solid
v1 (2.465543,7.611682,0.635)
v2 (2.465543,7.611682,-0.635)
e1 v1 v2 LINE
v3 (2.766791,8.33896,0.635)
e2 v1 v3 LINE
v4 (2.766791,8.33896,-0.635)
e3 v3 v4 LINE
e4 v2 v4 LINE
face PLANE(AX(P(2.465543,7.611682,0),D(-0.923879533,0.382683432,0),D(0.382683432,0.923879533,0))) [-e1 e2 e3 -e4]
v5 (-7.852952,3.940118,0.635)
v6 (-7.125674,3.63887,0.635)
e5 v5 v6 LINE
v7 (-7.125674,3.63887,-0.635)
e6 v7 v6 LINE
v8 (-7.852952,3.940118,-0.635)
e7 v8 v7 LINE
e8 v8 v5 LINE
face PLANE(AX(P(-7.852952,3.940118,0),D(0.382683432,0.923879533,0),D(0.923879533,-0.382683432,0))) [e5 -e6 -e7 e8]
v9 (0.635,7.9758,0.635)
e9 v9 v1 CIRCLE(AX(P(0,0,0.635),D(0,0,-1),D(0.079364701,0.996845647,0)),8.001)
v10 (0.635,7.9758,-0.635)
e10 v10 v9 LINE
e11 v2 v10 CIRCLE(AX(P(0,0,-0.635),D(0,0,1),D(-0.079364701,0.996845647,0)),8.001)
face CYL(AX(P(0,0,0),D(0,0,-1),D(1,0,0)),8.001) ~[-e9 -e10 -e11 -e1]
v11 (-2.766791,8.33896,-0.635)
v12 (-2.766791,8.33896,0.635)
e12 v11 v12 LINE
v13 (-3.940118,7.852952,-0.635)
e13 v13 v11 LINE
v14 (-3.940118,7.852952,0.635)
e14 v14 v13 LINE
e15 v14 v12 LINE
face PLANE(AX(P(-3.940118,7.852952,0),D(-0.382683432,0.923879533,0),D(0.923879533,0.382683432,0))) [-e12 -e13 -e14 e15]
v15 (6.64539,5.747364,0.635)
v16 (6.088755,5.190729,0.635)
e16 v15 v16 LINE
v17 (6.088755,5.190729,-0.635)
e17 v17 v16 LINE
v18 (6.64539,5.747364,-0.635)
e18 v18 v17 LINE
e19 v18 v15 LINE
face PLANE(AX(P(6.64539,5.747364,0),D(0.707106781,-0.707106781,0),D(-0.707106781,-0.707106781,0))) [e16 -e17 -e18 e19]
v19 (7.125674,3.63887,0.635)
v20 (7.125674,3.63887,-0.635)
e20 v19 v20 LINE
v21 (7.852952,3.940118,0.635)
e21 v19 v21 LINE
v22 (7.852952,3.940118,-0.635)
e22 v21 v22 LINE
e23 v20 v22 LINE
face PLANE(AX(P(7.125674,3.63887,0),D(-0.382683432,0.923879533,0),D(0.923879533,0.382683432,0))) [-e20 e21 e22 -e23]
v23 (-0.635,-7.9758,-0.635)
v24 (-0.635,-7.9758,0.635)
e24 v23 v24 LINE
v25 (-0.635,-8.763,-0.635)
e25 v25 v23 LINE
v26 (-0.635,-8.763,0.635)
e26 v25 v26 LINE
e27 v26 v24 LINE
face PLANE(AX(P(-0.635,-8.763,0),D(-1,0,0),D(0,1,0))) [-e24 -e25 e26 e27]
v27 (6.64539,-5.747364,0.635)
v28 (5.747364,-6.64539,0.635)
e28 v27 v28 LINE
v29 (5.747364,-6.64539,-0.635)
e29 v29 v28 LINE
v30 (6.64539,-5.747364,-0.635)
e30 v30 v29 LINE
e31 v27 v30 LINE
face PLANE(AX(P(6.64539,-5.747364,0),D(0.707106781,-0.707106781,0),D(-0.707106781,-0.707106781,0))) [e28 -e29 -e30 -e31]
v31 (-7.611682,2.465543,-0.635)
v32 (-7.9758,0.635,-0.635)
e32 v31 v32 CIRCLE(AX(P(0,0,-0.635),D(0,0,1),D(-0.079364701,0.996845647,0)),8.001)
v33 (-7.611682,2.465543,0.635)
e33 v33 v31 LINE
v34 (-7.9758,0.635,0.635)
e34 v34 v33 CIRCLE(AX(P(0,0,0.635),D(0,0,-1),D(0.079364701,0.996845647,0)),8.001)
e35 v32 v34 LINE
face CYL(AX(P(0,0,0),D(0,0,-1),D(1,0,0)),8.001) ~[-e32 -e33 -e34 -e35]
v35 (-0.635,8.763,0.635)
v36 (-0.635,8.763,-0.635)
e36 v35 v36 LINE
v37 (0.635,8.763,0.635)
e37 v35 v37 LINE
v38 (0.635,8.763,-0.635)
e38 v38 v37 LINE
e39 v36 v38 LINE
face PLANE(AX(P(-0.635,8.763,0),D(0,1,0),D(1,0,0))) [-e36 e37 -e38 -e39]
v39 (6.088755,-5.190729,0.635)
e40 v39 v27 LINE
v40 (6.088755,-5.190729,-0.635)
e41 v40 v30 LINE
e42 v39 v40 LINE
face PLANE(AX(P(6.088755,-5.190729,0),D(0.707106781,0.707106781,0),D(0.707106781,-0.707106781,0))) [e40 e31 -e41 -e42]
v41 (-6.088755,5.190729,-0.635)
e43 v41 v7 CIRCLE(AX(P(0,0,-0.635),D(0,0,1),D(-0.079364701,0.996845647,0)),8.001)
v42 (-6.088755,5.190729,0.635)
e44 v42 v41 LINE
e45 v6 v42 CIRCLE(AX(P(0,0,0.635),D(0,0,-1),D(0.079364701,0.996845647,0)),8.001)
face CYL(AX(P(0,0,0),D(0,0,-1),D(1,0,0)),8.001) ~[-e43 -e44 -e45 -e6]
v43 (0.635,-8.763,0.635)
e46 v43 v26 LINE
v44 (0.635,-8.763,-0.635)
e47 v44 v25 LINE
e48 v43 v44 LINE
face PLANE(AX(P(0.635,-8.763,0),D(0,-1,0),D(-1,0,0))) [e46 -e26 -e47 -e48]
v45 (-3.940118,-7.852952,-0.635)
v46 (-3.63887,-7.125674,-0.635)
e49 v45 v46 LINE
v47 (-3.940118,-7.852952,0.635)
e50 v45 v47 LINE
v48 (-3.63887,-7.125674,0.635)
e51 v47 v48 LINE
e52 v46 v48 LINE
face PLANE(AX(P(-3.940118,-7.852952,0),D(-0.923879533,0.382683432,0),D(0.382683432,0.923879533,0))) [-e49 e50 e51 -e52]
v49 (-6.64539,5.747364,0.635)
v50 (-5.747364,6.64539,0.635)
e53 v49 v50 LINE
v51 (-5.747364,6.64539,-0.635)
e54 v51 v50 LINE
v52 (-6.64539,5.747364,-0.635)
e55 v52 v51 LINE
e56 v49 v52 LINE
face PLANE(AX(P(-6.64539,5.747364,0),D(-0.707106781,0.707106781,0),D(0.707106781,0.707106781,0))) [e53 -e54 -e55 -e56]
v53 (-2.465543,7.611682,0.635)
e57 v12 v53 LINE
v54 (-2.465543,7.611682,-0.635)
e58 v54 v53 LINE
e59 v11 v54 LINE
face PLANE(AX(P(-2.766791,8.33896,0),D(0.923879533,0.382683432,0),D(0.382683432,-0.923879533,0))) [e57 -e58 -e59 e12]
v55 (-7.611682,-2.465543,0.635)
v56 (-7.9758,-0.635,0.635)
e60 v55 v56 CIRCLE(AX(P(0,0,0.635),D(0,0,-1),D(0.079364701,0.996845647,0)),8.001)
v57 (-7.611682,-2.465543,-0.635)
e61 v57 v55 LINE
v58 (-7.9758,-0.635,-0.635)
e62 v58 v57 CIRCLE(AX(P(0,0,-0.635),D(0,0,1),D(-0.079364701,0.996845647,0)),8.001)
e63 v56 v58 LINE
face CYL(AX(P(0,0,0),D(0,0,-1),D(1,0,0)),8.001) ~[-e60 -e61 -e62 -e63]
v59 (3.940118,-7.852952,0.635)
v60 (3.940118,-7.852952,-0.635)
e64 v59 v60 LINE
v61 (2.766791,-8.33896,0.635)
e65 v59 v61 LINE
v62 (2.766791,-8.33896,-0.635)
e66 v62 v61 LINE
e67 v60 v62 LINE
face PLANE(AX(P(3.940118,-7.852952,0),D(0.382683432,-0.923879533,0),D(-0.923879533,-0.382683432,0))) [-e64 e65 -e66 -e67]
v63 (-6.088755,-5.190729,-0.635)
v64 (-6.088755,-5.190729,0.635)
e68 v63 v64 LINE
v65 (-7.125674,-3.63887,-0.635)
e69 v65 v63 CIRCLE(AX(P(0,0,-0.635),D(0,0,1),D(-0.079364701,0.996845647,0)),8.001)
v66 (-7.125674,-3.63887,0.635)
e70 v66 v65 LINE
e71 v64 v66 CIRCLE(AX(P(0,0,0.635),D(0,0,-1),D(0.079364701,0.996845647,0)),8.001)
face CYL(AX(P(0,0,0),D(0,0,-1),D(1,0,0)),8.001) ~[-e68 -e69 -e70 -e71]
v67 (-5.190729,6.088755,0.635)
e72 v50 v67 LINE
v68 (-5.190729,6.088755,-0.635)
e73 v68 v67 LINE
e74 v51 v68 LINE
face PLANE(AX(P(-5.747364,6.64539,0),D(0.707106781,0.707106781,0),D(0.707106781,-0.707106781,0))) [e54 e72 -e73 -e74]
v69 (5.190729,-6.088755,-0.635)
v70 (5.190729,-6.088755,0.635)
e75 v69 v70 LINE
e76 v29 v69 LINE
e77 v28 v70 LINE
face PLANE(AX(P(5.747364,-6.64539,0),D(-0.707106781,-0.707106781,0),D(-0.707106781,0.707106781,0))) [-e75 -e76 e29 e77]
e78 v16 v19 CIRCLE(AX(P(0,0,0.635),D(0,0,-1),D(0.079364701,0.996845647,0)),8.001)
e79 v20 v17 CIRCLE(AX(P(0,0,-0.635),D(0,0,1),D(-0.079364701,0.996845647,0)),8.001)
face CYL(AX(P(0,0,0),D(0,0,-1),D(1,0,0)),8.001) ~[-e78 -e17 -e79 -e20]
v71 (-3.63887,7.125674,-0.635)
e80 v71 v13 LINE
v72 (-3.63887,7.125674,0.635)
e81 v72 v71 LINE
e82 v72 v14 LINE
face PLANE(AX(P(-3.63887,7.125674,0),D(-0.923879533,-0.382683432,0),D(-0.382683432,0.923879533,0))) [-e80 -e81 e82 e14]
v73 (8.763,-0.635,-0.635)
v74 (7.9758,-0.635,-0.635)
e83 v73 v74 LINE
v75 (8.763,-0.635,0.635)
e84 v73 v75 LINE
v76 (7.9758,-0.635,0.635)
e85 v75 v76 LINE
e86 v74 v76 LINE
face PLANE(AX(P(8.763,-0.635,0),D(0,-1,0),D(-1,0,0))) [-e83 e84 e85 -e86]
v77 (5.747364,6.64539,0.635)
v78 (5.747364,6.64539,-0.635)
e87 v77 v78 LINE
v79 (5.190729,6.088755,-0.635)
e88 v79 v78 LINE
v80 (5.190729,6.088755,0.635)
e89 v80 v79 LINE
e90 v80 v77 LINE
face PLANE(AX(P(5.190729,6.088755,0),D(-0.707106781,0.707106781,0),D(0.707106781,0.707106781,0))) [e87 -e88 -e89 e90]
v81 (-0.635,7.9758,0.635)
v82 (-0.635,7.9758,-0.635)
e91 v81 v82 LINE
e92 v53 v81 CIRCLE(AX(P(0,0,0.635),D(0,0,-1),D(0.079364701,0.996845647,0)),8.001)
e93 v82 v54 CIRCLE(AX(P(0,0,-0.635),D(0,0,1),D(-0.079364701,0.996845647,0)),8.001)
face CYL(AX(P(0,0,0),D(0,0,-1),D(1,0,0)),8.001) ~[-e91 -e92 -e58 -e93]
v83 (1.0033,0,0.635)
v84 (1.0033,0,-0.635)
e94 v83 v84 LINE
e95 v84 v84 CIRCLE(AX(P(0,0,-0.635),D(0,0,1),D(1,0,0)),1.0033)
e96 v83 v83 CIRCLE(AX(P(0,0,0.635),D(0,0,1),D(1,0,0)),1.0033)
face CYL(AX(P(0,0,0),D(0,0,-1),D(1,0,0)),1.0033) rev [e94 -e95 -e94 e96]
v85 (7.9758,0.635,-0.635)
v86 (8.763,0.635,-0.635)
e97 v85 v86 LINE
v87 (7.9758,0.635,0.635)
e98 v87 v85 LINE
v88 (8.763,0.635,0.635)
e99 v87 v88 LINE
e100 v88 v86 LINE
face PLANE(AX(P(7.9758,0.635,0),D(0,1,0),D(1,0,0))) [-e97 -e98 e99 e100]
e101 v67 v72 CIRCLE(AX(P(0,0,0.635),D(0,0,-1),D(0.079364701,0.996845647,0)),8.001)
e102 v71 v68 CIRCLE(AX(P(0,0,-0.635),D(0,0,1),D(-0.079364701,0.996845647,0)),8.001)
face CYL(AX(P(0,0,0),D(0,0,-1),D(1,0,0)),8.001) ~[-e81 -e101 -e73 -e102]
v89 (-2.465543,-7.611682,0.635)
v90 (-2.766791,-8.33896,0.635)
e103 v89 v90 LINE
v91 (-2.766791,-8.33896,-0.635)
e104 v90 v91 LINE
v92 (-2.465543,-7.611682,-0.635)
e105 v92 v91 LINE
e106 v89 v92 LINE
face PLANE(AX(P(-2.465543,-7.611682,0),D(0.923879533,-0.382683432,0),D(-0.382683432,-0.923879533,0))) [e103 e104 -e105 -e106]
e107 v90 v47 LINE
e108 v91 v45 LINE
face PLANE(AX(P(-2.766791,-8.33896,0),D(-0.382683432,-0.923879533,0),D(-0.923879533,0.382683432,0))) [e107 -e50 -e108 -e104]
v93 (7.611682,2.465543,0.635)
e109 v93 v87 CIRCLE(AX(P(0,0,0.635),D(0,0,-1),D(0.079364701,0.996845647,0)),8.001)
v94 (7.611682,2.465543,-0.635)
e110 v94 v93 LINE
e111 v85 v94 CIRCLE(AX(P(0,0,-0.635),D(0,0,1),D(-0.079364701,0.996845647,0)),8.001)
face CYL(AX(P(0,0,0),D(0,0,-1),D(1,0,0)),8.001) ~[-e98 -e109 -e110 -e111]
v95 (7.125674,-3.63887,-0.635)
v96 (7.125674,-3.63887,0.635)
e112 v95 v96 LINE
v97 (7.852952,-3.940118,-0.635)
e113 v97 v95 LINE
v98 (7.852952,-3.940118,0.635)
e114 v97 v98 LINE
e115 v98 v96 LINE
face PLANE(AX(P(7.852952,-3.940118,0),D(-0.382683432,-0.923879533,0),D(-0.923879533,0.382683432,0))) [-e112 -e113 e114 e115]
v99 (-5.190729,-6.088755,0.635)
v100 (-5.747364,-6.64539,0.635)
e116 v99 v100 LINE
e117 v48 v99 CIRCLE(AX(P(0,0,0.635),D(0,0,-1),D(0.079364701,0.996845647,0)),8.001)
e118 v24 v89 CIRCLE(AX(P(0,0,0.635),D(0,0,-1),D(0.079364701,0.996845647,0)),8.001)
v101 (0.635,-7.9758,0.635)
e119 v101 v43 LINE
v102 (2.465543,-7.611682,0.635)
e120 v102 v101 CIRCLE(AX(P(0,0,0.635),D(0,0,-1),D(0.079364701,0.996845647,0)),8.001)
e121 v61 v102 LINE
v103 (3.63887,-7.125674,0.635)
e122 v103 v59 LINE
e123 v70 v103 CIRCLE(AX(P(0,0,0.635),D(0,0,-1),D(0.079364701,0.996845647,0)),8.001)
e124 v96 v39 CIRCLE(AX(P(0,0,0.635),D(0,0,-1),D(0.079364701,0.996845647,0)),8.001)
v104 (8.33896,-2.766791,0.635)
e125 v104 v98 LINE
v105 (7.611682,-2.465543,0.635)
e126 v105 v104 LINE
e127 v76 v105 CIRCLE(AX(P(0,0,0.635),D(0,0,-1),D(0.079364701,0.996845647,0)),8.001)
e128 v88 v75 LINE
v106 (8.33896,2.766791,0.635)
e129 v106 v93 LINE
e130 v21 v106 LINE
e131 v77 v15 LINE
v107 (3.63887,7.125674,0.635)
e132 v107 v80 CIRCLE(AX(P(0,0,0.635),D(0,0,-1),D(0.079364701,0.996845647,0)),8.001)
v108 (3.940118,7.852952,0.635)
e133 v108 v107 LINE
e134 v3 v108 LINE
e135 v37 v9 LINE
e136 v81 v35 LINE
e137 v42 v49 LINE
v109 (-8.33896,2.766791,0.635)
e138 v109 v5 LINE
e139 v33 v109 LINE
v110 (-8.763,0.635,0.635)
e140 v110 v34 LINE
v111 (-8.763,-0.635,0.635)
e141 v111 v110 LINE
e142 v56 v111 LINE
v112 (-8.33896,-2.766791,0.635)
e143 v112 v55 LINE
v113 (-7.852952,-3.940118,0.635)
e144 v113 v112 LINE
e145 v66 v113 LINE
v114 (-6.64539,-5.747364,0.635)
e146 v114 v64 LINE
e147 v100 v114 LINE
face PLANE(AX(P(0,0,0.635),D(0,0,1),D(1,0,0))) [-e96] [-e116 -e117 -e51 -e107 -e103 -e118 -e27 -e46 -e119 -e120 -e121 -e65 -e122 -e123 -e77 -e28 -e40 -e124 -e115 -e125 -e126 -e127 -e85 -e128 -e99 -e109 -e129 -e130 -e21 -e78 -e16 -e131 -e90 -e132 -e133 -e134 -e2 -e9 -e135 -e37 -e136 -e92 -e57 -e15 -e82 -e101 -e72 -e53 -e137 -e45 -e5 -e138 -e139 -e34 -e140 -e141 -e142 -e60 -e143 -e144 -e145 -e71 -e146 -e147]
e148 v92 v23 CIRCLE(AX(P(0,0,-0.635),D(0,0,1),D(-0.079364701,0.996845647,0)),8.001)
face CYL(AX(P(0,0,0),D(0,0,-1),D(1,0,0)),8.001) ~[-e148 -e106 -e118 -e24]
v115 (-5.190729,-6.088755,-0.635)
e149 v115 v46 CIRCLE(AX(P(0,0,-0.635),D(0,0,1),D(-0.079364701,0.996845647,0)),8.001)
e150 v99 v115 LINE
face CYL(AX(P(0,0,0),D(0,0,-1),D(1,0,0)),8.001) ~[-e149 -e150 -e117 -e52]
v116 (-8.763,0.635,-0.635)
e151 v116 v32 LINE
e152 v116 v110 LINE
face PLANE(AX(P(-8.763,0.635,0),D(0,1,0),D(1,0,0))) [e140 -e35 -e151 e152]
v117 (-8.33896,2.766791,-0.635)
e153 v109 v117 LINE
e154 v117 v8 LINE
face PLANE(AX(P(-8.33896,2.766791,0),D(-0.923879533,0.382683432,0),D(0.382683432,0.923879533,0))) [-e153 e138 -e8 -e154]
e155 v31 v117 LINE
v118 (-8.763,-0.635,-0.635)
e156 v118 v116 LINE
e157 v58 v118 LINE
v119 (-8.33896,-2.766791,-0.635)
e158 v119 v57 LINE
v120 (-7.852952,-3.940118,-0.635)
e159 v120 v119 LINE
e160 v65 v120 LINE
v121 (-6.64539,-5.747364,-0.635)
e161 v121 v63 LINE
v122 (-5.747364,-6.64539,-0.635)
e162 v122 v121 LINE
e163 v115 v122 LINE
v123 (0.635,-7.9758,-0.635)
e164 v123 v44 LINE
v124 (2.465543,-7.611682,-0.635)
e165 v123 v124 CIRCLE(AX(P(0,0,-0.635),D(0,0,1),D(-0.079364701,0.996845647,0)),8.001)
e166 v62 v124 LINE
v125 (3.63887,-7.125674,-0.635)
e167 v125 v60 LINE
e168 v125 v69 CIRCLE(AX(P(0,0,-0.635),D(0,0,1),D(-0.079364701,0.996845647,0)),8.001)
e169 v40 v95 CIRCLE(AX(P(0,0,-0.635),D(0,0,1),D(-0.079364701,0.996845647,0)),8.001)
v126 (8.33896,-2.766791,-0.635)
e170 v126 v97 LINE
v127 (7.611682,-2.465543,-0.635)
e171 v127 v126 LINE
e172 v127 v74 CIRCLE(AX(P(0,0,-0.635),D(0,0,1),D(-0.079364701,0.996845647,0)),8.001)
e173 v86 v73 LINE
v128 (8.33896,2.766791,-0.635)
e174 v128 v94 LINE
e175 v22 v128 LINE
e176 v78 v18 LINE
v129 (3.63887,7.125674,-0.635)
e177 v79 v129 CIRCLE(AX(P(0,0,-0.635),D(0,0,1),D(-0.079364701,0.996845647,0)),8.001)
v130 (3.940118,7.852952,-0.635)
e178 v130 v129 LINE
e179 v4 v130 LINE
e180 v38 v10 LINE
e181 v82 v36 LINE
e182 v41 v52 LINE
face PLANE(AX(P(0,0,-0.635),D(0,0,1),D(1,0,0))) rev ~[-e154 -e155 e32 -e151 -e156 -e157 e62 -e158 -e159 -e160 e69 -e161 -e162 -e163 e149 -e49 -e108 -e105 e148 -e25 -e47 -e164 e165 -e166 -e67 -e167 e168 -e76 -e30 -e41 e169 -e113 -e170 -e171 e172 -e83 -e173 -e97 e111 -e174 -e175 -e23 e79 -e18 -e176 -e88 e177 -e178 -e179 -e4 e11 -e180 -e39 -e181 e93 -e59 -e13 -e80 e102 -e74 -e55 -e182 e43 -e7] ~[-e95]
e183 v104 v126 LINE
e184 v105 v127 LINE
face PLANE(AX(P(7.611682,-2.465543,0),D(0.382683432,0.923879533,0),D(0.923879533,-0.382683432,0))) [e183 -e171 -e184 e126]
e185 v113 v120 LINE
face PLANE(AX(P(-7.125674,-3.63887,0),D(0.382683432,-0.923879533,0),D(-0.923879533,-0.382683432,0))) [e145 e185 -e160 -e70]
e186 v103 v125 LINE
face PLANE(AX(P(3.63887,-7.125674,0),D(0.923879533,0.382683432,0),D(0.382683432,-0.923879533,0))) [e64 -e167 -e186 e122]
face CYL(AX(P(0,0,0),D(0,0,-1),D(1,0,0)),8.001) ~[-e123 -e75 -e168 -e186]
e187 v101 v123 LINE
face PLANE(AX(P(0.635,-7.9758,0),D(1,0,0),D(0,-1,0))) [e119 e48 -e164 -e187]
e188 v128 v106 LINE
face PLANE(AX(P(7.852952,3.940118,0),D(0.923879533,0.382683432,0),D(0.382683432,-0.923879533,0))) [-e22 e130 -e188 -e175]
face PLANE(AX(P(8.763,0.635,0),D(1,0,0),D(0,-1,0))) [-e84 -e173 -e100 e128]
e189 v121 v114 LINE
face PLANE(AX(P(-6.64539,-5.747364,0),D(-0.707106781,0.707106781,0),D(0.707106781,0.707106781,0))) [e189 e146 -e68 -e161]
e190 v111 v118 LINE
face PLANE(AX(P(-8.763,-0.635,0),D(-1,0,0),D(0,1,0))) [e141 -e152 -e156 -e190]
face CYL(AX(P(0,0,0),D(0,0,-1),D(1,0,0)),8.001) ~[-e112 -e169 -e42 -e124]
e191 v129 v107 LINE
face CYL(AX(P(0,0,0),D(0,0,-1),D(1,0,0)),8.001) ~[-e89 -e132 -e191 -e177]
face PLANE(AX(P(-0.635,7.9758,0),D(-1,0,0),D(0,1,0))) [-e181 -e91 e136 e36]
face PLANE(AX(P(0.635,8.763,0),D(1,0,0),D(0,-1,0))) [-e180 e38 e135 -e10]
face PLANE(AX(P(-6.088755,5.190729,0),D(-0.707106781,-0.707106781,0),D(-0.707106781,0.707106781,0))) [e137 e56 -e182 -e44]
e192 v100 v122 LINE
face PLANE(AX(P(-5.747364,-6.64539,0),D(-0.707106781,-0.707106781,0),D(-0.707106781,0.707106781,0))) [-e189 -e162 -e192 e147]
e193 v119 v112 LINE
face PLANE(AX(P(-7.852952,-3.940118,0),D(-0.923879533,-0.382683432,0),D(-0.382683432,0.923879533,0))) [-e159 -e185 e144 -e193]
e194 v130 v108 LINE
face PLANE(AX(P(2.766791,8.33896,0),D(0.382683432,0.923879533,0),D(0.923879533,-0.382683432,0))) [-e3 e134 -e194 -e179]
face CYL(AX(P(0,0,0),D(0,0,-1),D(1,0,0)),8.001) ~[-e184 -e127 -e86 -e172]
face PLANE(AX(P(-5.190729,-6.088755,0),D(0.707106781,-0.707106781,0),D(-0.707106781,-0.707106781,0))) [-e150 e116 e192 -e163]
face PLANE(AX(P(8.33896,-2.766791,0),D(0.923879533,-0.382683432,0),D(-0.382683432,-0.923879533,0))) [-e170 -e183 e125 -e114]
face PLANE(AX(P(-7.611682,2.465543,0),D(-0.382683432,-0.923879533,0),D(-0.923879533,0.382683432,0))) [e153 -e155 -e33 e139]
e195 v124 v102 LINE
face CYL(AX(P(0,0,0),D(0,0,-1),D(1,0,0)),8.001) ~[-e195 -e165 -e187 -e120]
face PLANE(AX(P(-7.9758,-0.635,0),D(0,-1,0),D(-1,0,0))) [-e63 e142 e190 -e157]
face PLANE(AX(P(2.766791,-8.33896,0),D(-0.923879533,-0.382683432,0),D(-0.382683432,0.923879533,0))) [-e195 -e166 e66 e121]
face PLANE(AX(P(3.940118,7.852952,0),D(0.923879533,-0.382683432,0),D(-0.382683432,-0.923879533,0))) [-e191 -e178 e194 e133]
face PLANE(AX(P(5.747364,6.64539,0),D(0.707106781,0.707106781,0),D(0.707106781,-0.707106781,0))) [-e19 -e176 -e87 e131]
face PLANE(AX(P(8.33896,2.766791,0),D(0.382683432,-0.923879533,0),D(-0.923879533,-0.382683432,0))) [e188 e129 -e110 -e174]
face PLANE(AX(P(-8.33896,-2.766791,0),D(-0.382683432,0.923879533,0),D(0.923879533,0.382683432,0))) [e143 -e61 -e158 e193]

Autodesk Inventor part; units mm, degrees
ref_plane "YZ Plane" through (0, 0, 0) normal (1, 0, 0) x (0, 1, 0)
ref_plane "XZ Plane" through (0, 0, 0) normal (0, 1, 0) x (-1, 0, 0)
ref_plane "XY Plane" through (0, 0, 0) normal (0, 0, 1) x (1, 0, 0)
sketch "Sketch1" plane through (0, 0, 0) normal (0, 0, 1) x (1, 0, 0)
  circle A0 centre (0, 0) radius 8.001
  line L0 (-0.635, 8.763) -> (0.635, 8.763)
  line L1 (0.635, 8.763) -> (0.635, 7.9758)
  line L2 (-0.635, 7.9758) -> (-0.635, 8.763)
  circle A1 centre (0, 0) radius 1.0033
  dimension "d0" = 0.762
  dimension "d2" = 0.635
  dimension "d3" = 0.635
  dimension "d4" = 16.002
  dimension "d5" = 2.0066
extrude "Extrusion1" add sketch "Sketch1" along normal mid plane 1.27 contours A0
extrude "Extrusion2" add sketch "Sketch1" along normal mid plane 1.27 contours A0 L2 L0 L1
pattern_circular "Circular Pattern1" count 16 over 360 about axis through (0, 0, 0) along (0, 0, 1) of "Extrusion2"
properties part number "Motor Gear" material "ABS Plastic"
